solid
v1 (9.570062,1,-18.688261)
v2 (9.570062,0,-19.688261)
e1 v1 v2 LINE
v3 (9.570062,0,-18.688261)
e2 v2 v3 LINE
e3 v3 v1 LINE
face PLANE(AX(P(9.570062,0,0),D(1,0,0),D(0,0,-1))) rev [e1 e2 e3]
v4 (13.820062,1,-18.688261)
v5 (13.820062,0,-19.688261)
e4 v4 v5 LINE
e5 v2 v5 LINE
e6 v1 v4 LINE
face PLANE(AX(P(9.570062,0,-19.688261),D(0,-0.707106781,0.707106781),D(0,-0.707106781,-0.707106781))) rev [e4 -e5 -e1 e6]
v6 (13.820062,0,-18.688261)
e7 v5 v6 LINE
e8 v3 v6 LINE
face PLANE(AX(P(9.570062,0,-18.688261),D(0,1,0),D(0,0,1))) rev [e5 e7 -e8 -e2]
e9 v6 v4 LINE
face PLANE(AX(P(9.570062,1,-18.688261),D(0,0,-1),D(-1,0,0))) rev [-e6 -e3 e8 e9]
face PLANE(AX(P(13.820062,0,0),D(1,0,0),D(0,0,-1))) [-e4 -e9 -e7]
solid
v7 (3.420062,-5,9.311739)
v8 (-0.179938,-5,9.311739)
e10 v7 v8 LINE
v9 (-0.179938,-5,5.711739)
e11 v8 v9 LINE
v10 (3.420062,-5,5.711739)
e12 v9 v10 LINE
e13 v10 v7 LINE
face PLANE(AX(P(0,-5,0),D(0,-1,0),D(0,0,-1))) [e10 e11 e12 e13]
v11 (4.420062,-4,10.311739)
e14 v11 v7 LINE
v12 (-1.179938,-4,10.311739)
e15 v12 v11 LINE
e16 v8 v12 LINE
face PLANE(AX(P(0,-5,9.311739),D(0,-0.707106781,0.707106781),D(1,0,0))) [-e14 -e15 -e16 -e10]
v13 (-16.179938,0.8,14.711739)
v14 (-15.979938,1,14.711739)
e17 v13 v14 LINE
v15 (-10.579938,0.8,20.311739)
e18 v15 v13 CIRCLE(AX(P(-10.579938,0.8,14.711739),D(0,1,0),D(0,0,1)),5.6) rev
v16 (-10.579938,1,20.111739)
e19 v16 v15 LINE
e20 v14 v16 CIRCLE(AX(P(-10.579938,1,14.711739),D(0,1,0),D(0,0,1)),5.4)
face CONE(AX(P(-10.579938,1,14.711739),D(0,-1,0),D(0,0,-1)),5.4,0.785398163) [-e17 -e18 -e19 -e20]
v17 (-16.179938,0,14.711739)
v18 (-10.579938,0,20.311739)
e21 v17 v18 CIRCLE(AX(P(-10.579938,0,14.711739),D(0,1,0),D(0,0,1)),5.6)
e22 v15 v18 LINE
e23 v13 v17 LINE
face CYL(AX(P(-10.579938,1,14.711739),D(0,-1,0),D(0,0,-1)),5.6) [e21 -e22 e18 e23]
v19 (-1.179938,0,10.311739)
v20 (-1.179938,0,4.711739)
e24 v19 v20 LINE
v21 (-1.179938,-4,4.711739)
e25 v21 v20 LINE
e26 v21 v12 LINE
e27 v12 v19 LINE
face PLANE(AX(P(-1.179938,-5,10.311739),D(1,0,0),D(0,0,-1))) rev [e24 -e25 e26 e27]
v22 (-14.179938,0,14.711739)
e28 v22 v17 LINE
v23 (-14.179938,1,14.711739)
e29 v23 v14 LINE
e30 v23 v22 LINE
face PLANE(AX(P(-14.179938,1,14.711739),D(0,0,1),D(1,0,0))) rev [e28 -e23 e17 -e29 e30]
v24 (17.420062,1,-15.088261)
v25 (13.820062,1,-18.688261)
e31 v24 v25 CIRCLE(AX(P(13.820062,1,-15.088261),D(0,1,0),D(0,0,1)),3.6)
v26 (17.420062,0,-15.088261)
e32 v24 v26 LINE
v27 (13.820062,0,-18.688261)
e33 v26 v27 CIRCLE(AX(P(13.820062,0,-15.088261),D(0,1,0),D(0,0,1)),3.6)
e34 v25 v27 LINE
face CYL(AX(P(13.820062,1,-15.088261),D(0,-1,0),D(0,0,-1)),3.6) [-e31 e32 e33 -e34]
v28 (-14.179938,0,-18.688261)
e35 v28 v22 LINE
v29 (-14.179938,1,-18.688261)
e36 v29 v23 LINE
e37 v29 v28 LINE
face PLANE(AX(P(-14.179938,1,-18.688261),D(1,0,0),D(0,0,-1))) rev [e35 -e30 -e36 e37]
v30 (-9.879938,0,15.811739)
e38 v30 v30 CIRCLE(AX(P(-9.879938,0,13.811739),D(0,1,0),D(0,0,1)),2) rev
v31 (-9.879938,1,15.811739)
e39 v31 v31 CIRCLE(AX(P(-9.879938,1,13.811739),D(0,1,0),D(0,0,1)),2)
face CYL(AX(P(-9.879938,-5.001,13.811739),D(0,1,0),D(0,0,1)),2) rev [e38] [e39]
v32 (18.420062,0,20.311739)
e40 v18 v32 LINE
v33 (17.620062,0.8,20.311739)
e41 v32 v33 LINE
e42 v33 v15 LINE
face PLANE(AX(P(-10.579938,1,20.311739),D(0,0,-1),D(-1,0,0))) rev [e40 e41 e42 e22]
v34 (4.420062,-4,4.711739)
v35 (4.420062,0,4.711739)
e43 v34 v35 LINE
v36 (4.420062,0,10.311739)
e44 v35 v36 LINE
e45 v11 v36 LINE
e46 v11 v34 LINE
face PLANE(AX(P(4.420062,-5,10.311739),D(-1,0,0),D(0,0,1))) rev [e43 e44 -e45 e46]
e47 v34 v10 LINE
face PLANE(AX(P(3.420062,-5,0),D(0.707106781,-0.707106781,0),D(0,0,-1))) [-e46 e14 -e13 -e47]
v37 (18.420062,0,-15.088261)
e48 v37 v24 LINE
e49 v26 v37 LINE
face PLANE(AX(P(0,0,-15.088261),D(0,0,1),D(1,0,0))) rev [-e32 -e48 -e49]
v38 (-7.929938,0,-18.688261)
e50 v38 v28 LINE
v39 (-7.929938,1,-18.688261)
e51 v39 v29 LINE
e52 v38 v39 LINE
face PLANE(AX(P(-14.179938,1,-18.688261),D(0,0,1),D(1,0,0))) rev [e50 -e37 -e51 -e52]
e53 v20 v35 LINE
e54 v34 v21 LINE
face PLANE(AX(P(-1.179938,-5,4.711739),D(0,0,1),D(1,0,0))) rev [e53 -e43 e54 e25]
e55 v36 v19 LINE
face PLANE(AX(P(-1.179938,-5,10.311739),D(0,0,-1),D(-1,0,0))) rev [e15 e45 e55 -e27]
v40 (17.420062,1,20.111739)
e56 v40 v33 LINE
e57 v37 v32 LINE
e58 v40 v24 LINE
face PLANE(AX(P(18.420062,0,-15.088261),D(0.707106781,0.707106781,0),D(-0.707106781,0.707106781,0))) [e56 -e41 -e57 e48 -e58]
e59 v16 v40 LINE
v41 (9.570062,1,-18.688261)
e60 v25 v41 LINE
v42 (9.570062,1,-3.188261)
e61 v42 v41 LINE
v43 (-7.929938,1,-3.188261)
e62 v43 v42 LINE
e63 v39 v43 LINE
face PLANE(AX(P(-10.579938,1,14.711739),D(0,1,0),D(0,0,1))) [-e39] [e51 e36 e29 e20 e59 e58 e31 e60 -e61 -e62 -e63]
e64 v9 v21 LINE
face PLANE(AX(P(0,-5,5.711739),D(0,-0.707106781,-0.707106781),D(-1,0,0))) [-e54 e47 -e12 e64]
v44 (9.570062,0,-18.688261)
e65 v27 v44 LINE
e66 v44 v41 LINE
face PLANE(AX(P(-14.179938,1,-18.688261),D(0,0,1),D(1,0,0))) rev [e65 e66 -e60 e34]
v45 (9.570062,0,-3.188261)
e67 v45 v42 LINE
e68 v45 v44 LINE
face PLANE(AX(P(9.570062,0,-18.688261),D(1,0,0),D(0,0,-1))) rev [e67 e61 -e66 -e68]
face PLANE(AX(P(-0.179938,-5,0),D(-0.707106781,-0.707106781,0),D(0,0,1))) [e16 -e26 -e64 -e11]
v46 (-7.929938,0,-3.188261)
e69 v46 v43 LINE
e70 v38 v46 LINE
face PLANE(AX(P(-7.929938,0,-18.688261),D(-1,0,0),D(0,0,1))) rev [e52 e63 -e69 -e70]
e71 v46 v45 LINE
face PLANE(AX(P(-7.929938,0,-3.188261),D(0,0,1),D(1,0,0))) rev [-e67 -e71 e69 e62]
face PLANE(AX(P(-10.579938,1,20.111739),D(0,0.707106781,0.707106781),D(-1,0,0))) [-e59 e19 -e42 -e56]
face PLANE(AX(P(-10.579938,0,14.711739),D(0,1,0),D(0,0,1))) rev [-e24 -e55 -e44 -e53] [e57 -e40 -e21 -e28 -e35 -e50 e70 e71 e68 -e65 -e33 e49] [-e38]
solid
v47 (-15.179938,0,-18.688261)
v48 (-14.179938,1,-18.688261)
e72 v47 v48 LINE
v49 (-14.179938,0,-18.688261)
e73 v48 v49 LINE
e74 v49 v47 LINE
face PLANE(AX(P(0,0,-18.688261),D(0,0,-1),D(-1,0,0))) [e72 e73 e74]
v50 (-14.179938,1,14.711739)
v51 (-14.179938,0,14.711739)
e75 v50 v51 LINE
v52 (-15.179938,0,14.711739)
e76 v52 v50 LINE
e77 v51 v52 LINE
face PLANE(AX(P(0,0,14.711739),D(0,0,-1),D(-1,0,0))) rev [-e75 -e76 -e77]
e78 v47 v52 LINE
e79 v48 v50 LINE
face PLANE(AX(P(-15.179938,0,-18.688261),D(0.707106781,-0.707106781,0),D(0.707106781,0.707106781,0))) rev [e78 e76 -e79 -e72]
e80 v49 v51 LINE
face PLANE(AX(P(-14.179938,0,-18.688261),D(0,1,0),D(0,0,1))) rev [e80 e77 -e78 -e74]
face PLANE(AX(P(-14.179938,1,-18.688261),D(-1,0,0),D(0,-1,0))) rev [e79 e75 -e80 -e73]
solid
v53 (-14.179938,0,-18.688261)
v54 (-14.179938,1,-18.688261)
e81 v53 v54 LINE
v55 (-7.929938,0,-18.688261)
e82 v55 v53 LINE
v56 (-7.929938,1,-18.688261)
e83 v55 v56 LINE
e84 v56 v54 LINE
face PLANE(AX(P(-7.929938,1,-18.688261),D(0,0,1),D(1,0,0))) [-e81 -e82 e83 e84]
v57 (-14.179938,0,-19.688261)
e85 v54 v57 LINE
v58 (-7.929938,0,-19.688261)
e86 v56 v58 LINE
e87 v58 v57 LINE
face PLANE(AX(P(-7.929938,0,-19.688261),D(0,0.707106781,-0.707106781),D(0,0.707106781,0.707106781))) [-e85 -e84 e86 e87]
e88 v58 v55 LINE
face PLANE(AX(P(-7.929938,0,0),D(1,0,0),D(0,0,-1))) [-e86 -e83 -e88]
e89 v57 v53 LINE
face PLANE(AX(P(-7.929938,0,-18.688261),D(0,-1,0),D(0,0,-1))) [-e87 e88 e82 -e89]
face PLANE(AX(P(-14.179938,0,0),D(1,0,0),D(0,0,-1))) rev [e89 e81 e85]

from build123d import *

# Parameters (mm, degrees)
EXTRUDE_1_DEPTH     = 1
EXTRUDE_2_DEPTH     = 33.4
EXTRUDE_3_DEPTH     = 6.25
EXTRUDE_4_DEPTH     = 4.25
EXTRUDE_5_DEPTH     = 35.4
SKETCH_6_W          = 17.5
SKETCH_6_H          = 15.5
CUT_EXTRUDE_1_DEPTH = 2
SKETCH_7_W          = 5.6
SKETCH_7_H          = 5.6
EXTRUDE_6_DEPTH     = 5
CHAMFER_2_SIZE      = 1
CHAMFER_3_SIZE      = 0.2
SKETCH_9_R          = 2
CUT_EXTRUDE_3_DEPTH = 1


with BuildPart() as part:
    # 草图1 → 凸台-拉伸1 (new body)
    with BuildSketch(Plane(origin=(0, 0, 0), x_dir=(1, 0, 0), z_dir=(0, 1, 0))):
        with BuildLine():
            Line((-14.17993762, 18.688260597), (13.82006238, 18.688260597))
            ThreePointArc((13.82006238, 18.688260597), (16.365646792, 17.63384501), (17.42006238, 15.088260597))
            Line((17.42006238, 15.088260597), (17.42006238, -20.311739403))
            Line((17.42006238, -20.311739403), (-10.57993762, -20.311739403))
            ThreePointArc((-10.57993762, -20.311739403), (-14.539735595, -18.671537377), (-16.17993762, -14.711739403))
            Line((-16.17993762, -14.711739403), (-14.17993762, -14.711739403))
            Line((-14.17993762, -14.711739403), (-14.17993762, 18.688260597))
        make_face()
    extrude(amount=EXTRUDE_1_DEPTH)

    # 草图5 → 凸台-拉伸5 (add)
    with BuildSketch(Plane.XY.offset(20.311739403)):
        Polygon((17.42006238, 1), (17.42006238, 0), (18.42006238, 0), align=None)
    extrude(amount=-EXTRUDE_5_DEPTH)

    # 草图6 → 切除-拉伸1 (cut, through all)
    with BuildSketch(Plane(origin=(0, 1, 0), x_dir=(1, 0, 0), z_dir=(0, 1, 0))):
        with Locations((0.82006238, 10.938260597)):
            Rectangle(SKETCH_6_W, SKETCH_6_H)
    extrude(amount=-CUT_EXTRUDE_1_DEPTH, mode=Mode.SUBTRACT)

    # 草图7 → 凸台-拉伸6 (add)
    with BuildSketch(Plane.XZ):
        with Locations((1.62006238, 7.511739403)):
            Rectangle(SKETCH_7_W, SKETCH_7_H)
    extrude(amount=EXTRUDE_6_DEPTH)

    # 倒角2
    chamfer_2_edges = [part.edges().sort_by_distance(p)[0] for p in [
        (4.42006238, -5, 7.511739403),
        (1.62006238, -5, 10.311739403),
        (-1.17993762, -5, 7.511739403),
        (1.62006238, -5, 4.711739403),
    ]]
    chamfer(chamfer_2_edges, length=CHAMFER_2_SIZE)

    # 倒角3
    chamfer_3_edges = [part.edges().sort_by_distance(p)[0] for p in [
        (-14.539735595, 1, 18.671537377),
        (3.42006238, 1, 20.311739403),
    ]]
    chamfer(chamfer_3_edges, length=CHAMFER_3_SIZE)

    # 草图9 → 切除-拉伸3 (cut)
    with BuildSketch(Plane(origin=(0, 1, 0), x_dir=(1, 0, 0), z_dir=(0, 1, 0))):
        with Locations((-9.87993762, -13.811739403)):
            Circle(SKETCH_9_R)
    extrude(amount=-CUT_EXTRUDE_3_DEPTH, mode=Mode.SUBTRACT)


with BuildPart() as body_2:
    # 草图2 → 凸台-拉伸2 (new body)
    with BuildSketch(Plane(origin=(0, 0, 14.711739403), x_dir=(-1, 0, 0), z_dir=(0, 0, -1))):
        Polygon((14.17993762, 1), (14.17993762, 0), (15.17993762, 0), align=None)
    extrude(amount=EXTRUDE_2_DEPTH)


with BuildPart() as body_3:
    # 草图3 → 凸台-拉伸3 (new body)
    with BuildSketch(Plane.ZY.offset(14.17993762)):
        Polygon((-18.688260597, 1), (-18.688260597, 0), (-19.688260597, 0), align=None)
    extrude(amount=-EXTRUDE_3_DEPTH)


with BuildPart() as body_4:
    # 草图4 → 凸台-拉伸4 (new body)
    with BuildSketch(Plane.ZY.offset(-13.82006238)):
        Polygon((-18.688260597, 1), (-18.688260597, 0), (-19.688260597, 0), align=None)
    extrude(amount=EXTRUDE_4_DEPTH)


solid = Compound([part.part, body_2.part, body_3.part, body_4.part])
